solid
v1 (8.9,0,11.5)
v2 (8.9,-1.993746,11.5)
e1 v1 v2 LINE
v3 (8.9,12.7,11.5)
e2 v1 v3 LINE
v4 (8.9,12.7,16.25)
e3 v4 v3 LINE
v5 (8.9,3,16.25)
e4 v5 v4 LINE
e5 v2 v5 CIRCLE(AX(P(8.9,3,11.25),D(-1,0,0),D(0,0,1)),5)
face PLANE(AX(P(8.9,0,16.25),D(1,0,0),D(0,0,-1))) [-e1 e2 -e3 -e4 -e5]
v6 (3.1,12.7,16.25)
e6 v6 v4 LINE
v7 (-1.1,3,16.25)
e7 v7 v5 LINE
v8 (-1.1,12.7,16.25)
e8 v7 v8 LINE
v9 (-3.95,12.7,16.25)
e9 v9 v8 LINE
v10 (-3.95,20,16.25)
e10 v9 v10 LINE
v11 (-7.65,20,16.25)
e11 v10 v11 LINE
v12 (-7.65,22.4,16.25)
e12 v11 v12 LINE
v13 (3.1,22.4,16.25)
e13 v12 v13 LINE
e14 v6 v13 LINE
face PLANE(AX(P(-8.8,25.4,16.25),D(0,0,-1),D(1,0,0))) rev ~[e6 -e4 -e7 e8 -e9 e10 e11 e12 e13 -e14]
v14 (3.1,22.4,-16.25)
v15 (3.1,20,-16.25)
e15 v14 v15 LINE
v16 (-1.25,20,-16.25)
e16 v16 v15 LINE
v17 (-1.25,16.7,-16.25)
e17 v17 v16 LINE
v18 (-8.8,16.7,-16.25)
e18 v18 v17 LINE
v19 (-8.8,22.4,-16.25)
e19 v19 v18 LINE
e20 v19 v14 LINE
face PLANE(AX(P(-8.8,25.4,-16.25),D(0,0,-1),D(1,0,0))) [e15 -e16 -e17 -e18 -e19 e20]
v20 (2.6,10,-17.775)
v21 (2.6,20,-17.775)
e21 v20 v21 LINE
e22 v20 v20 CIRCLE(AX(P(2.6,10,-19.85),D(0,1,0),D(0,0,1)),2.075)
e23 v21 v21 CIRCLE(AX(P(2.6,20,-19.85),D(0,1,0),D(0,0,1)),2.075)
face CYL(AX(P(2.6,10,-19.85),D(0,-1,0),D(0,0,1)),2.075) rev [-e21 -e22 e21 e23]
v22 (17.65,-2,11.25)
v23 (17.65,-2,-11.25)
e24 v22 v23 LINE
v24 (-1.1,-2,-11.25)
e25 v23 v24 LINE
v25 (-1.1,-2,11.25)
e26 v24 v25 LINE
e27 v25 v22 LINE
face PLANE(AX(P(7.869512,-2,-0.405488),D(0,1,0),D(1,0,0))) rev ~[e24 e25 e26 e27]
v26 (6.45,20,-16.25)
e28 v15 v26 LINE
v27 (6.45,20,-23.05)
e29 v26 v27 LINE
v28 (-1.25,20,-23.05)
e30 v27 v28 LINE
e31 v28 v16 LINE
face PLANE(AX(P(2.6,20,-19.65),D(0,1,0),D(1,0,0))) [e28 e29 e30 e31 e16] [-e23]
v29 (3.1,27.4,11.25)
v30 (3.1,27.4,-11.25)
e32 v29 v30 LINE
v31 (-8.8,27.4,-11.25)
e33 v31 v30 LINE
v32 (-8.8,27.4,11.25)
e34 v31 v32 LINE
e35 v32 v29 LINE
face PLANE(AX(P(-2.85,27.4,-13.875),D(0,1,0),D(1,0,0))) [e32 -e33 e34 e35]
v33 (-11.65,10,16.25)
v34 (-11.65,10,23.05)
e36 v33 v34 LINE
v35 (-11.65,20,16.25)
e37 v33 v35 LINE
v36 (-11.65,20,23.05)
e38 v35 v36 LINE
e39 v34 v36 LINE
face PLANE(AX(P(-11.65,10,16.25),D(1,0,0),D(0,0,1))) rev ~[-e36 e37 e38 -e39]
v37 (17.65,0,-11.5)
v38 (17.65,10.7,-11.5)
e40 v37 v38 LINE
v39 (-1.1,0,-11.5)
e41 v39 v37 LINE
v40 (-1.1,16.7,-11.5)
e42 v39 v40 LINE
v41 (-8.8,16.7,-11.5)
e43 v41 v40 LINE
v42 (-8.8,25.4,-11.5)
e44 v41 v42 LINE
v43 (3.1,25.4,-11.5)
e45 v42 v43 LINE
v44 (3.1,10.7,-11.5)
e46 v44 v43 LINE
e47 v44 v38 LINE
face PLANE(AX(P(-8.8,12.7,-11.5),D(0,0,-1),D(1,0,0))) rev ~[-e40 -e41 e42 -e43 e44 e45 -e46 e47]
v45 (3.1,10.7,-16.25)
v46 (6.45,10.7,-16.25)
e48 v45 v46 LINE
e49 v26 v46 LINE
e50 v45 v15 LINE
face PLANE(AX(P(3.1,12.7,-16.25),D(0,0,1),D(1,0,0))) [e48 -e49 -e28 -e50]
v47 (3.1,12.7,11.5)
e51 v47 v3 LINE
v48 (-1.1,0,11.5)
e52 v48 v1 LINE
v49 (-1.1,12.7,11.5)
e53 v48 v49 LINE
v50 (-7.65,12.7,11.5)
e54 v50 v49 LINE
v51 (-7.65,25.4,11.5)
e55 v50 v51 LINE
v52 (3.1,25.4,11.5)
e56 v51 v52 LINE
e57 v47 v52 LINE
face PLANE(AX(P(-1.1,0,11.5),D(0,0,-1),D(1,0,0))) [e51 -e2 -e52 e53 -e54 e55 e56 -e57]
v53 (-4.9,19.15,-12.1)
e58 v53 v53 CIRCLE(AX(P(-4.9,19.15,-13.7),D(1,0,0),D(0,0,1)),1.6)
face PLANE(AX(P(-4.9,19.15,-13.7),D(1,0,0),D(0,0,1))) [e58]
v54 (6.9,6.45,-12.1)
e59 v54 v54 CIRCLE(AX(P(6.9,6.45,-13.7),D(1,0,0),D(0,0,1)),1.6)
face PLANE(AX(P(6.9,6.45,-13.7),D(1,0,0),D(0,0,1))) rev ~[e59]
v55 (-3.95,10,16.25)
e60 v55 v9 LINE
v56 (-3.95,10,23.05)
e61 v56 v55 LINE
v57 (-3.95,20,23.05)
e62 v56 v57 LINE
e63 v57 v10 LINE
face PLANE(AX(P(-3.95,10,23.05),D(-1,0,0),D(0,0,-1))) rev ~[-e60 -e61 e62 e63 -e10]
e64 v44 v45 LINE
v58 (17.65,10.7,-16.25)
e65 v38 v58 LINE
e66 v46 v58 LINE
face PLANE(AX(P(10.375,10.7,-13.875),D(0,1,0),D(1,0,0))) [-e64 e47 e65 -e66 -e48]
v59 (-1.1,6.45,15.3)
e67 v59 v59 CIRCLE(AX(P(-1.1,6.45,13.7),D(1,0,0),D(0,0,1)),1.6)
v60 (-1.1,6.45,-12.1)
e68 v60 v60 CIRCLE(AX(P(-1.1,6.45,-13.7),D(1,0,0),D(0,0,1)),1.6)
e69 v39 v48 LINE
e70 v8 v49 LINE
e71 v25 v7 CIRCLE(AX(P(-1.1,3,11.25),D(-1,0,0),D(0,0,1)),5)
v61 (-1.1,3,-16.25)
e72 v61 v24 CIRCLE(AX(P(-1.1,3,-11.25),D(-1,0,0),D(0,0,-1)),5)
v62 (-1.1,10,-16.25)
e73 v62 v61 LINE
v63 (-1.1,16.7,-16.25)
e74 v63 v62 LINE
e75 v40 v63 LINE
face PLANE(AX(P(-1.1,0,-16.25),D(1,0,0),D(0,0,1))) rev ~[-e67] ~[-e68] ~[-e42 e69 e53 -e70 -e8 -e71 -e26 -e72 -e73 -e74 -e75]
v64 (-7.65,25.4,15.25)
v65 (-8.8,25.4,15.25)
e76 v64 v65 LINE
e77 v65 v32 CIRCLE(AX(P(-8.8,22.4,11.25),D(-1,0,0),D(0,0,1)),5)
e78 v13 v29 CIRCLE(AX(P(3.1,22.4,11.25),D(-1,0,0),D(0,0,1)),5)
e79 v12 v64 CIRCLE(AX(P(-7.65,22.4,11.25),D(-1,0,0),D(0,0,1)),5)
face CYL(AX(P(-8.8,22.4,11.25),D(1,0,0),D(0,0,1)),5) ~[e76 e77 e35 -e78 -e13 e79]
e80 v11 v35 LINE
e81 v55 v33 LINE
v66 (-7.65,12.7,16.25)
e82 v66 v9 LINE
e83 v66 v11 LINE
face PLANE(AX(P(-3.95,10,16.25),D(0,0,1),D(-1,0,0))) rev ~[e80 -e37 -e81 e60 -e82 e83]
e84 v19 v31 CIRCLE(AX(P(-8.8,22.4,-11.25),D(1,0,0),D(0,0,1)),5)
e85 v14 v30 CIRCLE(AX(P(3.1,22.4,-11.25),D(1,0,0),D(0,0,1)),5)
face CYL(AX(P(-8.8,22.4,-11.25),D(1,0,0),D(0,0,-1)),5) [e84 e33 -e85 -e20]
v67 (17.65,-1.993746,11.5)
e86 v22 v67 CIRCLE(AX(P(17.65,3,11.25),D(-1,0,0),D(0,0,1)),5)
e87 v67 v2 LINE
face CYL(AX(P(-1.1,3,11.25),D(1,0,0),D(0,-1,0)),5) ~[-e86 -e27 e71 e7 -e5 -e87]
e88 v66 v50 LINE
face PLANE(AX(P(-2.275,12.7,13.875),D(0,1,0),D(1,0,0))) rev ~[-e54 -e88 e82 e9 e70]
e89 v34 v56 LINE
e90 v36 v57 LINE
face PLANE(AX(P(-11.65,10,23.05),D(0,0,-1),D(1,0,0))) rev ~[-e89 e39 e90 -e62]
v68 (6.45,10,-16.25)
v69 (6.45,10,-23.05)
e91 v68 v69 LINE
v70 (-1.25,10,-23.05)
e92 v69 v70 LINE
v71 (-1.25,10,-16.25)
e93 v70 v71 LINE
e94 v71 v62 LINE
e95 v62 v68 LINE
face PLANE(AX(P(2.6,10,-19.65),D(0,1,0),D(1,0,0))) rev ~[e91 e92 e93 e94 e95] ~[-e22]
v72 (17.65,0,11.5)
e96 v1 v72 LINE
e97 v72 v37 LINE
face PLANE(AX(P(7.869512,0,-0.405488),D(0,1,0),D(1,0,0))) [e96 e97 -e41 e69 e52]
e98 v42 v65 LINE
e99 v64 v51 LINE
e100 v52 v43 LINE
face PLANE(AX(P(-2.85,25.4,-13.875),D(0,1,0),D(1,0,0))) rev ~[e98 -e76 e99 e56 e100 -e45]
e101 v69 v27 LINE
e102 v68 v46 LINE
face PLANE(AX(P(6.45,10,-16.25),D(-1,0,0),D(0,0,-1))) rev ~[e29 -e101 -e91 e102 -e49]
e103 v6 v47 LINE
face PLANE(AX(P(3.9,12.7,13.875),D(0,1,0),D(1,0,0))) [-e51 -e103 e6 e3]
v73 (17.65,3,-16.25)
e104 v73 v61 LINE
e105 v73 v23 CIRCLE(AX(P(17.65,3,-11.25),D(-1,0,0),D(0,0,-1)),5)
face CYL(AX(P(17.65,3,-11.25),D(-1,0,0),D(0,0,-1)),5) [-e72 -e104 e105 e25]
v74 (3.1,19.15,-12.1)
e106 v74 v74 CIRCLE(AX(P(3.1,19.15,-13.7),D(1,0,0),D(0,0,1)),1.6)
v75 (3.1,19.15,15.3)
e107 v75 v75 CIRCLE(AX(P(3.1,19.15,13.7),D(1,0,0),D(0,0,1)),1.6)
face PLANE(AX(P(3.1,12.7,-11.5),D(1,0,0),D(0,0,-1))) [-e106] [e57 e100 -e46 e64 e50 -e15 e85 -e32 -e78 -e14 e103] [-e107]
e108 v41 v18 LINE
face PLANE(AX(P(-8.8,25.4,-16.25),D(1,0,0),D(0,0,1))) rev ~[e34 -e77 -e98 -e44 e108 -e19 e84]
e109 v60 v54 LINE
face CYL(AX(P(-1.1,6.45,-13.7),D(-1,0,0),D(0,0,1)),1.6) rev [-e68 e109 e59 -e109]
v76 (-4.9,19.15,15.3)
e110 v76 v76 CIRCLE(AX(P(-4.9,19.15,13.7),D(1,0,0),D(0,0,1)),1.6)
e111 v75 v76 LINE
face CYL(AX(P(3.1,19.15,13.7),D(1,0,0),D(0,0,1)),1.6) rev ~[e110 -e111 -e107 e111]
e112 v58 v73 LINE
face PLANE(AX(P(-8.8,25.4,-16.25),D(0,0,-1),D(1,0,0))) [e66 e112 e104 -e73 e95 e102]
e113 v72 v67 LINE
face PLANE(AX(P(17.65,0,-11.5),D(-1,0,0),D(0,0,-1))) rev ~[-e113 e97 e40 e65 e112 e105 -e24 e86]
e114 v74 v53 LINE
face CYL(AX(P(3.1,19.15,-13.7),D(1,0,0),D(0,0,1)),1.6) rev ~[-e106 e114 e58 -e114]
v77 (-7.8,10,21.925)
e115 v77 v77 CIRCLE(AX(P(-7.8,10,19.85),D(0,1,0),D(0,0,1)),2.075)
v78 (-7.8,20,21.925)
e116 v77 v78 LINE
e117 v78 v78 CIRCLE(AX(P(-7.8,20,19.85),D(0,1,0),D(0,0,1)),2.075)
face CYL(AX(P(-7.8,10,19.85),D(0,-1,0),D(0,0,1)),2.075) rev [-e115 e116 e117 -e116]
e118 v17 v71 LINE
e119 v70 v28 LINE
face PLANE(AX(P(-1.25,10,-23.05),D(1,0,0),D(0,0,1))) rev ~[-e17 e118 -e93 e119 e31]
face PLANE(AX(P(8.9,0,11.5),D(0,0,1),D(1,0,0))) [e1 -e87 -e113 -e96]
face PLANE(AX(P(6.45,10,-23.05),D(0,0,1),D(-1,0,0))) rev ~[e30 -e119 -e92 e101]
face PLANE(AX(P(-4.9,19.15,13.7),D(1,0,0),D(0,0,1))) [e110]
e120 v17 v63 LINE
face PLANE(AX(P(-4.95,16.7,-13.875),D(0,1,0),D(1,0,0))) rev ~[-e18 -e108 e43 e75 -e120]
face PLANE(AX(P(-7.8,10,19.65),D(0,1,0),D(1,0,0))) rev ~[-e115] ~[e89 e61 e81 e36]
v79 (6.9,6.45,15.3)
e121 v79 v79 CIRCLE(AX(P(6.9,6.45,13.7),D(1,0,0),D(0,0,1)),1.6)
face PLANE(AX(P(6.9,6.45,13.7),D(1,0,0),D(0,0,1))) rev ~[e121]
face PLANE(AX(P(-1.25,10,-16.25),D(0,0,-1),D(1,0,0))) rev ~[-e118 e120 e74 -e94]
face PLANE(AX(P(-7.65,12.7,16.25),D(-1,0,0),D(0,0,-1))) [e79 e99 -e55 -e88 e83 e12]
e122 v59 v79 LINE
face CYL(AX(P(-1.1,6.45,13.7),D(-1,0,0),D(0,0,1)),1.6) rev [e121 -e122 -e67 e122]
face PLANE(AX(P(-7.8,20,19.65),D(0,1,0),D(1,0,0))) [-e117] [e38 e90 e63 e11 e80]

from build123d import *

# Parameters (mm, degrees)
BOSS_EXTRUDE1_DEPTH = 2
SKETCH1_3_W         = 10
SKETCH1_3_H         = 4.75
BOSS_EXTRUDE2_DEPTH = 12.7
BOSS_EXTRUDE3_START = 12.7
SKETCH3_W           = 11.9
SKETCH3_H           = 4.75
SKETCH3_W_2         = 10.75
BOSS_EXTRUDE3_DEPTH = 12.7
BOSS_EXTRUDE4_START = 25.4
SKETCH3_3_W         = 11.9
SKETCH3_3_H         = 4.75
SKETCH3_3_W_2       = 10.75
SKETCH3_3_W_3       = 1.15
BOSS_EXTRUDE4_DEPTH = 2
CUT_EXTRUDE1_START  = -1.1
SKETCH2_R           = 1.6
CUT_EXTRUDE1_DEPTH  = 8
CUT_EXTRUDE2_START  = 3.1
SKETCH2_3_R         = 1.6
CUT_EXTRUDE2_DEPTH  = 8
BOSS_EXTRUDE5_START = 10
SKETCH1_4_R         = 2.075
BOSS_EXTRUDE5_DEPTH = 10
FILLET1_R           = 5
CUT_EXTRUDE3_START  = 12.7
SKETCH5_W           = 14.55
SKETCH5_H           = 4.75
CUT_EXTRUDE3_DEPTH  = 2
CUT_EXTRUDE4_START  = 12.7
SKETCH6_W           = 7.7
SKETCH6_H           = 4.75
CUT_EXTRUDE4_DEPTH  = 4


with BuildPart() as part:
    # Sketch1 → Boss-Extrude1 (new body)
    with BuildSketch(Plane(origin=(0, 0, 0), x_dir=(1, 0, 0), z_dir=(0, 1, 0))):
        Polygon((-1.1, 16.25), (-1.1, -16.25), (8.9, -16.25), (8.9, -11.5), (17.65, -11.5), (17.65, 16.25), align=None)
    extrude(amount=-BOSS_EXTRUDE1_DEPTH)

    # Sketch1<3> → Boss-Extrude2 (add)
    with BuildSketch(Plane(origin=(0, 0, 0), x_dir=(1, 0, 0), z_dir=(0, 1, 0))):
        Polygon((6.45, 16.25), (-1.1, 16.25), (-1.1, 11.5), (17.65, 11.5), (17.65, 16.25), align=None)
        with Locations((3.9, -13.875)):
            Rectangle(SKETCH1_3_W, SKETCH1_3_H)
    extrude(amount=BOSS_EXTRUDE2_DEPTH)

    # Sketch3 → Boss-Extrude3 (add)
    with BuildSketch(Plane(origin=(0, 0, 0), x_dir=(1, 0, 0), z_dir=(0, 1, 0)).offset(BOSS_EXTRUDE3_START)):
        with Locations((-2.85, 13.875)):
            Rectangle(SKETCH3_W, SKETCH3_H)
        with Locations((-2.275, -13.875)):
            Rectangle(SKETCH3_W_2, SKETCH3_H)
    extrude(amount=BOSS_EXTRUDE3_DEPTH)

    # Sketch3<3> → Boss-Extrude4 (add)
    with BuildSketch(Plane(origin=(0, 0, 0), x_dir=(1, 0, 0), z_dir=(0, 1, 0)).offset(BOSS_EXTRUDE4_START)):
        with Locations((-2.85, 13.875)):
            Rectangle(SKETCH3_3_W, SKETCH3_3_H)
        Polygon((3.1, -11.5), (3.1, 11.5), (-8.8, 11.5), (-8.8, -11.5), (-7.65, -11.5), align=None)
        with Locations((-2.275, -13.875)):
            Rectangle(SKETCH3_3_W_2, SKETCH3_3_H)
        with Locations((-8.225, -13.875)):
            Rectangle(SKETCH3_3_W_3, SKETCH3_3_H)
    extrude(amount=BOSS_EXTRUDE4_DEPTH)

    # Sketch2 → Cut-Extrude1 (cut)
    with BuildSketch(Plane(origin=(0, 0, 0), x_dir=(0, 0, -1), z_dir=(1, 0, 0)).offset(CUT_EXTRUDE1_START)):
        with Locations(Location((-13.7, 6.45, 0), (0, 0, 180))):
            Circle(SKETCH2_R)
        with Locations(Location((13.7, 6.45, 0), (0, 0, 180))):
            Circle(SKETCH2_R)
    extrude(amount=CUT_EXTRUDE1_DEPTH, mode=Mode.SUBTRACT)

    # Sketch2<3> → Cut-Extrude2 (cut)
    with BuildSketch(Plane(origin=(0, 0, 0), x_dir=(0, 0, -1), z_dir=(1, 0, 0)).offset(CUT_EXTRUDE2_START)):
        with Locations(Location((13.7, 19.15, 0), (0, 0, 180))):
            Circle(SKETCH2_3_R)
        with Locations(Location((-13.7, 19.15, 0), (0, 0, 180))):
            Circle(SKETCH2_3_R)
    extrude(amount=-CUT_EXTRUDE2_DEPTH, mode=Mode.SUBTRACT)

    # Sketch1<4> → Boss-Extrude5 (add)
    # profile 1 of 2: a face of its own
    with BuildSketch(Plane(origin=(0, 0, 0), x_dir=(1, 0, 0), z_dir=(0, 1, 0)).offset(BOSS_EXTRUDE5_START)):
        Polygon((-1.25, 16.25), (-1.1, 16.25), (6.45, 16.25), (6.45, 23.05), (-1.25, 23.05), align=None)
        with Locations(Location((2.6, 19.85, 0), (0, 0, 270))):
            Circle(SKETCH1_4_R, mode=Mode.SUBTRACT)
    # profile 2 of 2: a face of its own
    with BuildSketch(Plane(origin=(0, 0, 0), x_dir=(1, 0, 0), z_dir=(0, 1, 0)).offset(BOSS_EXTRUDE5_START)):
        Polygon((-3.95, -23.05), (-3.95, -16.25), (-8.8, -16.25), (-11.65, -16.25), (-11.65, -23.05), align=None)
        with Locations(Location((-7.8, -19.85, 0), (0, 0, 270))):
            Circle(SKETCH1_4_R, mode=Mode.SUBTRACT)
    extrude(amount=BOSS_EXTRUDE5_DEPTH)

    # Fillet1
    fillet1_edges = [part.edges().sort_by_distance(p)[0] for p in [
        (3.9, -2, 16.25),
        (-2.85, 27.4, 16.25),
        (8.275, -2, -16.25),
        (-2.85, 27.4, -16.25),
    ]]
    fillet(fillet1_edges, radius=FILLET1_R)

    # Sketch5 → Cut-Extrude3 (cut)
    with BuildSketch(Plane(origin=(0, 0, 0), x_dir=(1, 0, 0), z_dir=(0, 1, 0)).offset(CUT_EXTRUDE3_START)):
        with Locations((10.375, 13.875)):
            Rectangle(SKETCH5_W, SKETCH5_H)
    extrude(amount=-CUT_EXTRUDE3_DEPTH, mode=Mode.SUBTRACT)

    # Sketch6 → Cut-Extrude4 (cut)
    with BuildSketch(Plane(origin=(0, 0, 0), x_dir=(1, 0, 0), z_dir=(0, 1, 0)).offset(CUT_EXTRUDE4_START)):
        with Locations((-4.95, 13.875)):
            Rectangle(SKETCH6_W, SKETCH6_H)
    extrude(amount=CUT_EXTRUDE4_DEPTH, mode=Mode.SUBTRACT)


solid = part.part
